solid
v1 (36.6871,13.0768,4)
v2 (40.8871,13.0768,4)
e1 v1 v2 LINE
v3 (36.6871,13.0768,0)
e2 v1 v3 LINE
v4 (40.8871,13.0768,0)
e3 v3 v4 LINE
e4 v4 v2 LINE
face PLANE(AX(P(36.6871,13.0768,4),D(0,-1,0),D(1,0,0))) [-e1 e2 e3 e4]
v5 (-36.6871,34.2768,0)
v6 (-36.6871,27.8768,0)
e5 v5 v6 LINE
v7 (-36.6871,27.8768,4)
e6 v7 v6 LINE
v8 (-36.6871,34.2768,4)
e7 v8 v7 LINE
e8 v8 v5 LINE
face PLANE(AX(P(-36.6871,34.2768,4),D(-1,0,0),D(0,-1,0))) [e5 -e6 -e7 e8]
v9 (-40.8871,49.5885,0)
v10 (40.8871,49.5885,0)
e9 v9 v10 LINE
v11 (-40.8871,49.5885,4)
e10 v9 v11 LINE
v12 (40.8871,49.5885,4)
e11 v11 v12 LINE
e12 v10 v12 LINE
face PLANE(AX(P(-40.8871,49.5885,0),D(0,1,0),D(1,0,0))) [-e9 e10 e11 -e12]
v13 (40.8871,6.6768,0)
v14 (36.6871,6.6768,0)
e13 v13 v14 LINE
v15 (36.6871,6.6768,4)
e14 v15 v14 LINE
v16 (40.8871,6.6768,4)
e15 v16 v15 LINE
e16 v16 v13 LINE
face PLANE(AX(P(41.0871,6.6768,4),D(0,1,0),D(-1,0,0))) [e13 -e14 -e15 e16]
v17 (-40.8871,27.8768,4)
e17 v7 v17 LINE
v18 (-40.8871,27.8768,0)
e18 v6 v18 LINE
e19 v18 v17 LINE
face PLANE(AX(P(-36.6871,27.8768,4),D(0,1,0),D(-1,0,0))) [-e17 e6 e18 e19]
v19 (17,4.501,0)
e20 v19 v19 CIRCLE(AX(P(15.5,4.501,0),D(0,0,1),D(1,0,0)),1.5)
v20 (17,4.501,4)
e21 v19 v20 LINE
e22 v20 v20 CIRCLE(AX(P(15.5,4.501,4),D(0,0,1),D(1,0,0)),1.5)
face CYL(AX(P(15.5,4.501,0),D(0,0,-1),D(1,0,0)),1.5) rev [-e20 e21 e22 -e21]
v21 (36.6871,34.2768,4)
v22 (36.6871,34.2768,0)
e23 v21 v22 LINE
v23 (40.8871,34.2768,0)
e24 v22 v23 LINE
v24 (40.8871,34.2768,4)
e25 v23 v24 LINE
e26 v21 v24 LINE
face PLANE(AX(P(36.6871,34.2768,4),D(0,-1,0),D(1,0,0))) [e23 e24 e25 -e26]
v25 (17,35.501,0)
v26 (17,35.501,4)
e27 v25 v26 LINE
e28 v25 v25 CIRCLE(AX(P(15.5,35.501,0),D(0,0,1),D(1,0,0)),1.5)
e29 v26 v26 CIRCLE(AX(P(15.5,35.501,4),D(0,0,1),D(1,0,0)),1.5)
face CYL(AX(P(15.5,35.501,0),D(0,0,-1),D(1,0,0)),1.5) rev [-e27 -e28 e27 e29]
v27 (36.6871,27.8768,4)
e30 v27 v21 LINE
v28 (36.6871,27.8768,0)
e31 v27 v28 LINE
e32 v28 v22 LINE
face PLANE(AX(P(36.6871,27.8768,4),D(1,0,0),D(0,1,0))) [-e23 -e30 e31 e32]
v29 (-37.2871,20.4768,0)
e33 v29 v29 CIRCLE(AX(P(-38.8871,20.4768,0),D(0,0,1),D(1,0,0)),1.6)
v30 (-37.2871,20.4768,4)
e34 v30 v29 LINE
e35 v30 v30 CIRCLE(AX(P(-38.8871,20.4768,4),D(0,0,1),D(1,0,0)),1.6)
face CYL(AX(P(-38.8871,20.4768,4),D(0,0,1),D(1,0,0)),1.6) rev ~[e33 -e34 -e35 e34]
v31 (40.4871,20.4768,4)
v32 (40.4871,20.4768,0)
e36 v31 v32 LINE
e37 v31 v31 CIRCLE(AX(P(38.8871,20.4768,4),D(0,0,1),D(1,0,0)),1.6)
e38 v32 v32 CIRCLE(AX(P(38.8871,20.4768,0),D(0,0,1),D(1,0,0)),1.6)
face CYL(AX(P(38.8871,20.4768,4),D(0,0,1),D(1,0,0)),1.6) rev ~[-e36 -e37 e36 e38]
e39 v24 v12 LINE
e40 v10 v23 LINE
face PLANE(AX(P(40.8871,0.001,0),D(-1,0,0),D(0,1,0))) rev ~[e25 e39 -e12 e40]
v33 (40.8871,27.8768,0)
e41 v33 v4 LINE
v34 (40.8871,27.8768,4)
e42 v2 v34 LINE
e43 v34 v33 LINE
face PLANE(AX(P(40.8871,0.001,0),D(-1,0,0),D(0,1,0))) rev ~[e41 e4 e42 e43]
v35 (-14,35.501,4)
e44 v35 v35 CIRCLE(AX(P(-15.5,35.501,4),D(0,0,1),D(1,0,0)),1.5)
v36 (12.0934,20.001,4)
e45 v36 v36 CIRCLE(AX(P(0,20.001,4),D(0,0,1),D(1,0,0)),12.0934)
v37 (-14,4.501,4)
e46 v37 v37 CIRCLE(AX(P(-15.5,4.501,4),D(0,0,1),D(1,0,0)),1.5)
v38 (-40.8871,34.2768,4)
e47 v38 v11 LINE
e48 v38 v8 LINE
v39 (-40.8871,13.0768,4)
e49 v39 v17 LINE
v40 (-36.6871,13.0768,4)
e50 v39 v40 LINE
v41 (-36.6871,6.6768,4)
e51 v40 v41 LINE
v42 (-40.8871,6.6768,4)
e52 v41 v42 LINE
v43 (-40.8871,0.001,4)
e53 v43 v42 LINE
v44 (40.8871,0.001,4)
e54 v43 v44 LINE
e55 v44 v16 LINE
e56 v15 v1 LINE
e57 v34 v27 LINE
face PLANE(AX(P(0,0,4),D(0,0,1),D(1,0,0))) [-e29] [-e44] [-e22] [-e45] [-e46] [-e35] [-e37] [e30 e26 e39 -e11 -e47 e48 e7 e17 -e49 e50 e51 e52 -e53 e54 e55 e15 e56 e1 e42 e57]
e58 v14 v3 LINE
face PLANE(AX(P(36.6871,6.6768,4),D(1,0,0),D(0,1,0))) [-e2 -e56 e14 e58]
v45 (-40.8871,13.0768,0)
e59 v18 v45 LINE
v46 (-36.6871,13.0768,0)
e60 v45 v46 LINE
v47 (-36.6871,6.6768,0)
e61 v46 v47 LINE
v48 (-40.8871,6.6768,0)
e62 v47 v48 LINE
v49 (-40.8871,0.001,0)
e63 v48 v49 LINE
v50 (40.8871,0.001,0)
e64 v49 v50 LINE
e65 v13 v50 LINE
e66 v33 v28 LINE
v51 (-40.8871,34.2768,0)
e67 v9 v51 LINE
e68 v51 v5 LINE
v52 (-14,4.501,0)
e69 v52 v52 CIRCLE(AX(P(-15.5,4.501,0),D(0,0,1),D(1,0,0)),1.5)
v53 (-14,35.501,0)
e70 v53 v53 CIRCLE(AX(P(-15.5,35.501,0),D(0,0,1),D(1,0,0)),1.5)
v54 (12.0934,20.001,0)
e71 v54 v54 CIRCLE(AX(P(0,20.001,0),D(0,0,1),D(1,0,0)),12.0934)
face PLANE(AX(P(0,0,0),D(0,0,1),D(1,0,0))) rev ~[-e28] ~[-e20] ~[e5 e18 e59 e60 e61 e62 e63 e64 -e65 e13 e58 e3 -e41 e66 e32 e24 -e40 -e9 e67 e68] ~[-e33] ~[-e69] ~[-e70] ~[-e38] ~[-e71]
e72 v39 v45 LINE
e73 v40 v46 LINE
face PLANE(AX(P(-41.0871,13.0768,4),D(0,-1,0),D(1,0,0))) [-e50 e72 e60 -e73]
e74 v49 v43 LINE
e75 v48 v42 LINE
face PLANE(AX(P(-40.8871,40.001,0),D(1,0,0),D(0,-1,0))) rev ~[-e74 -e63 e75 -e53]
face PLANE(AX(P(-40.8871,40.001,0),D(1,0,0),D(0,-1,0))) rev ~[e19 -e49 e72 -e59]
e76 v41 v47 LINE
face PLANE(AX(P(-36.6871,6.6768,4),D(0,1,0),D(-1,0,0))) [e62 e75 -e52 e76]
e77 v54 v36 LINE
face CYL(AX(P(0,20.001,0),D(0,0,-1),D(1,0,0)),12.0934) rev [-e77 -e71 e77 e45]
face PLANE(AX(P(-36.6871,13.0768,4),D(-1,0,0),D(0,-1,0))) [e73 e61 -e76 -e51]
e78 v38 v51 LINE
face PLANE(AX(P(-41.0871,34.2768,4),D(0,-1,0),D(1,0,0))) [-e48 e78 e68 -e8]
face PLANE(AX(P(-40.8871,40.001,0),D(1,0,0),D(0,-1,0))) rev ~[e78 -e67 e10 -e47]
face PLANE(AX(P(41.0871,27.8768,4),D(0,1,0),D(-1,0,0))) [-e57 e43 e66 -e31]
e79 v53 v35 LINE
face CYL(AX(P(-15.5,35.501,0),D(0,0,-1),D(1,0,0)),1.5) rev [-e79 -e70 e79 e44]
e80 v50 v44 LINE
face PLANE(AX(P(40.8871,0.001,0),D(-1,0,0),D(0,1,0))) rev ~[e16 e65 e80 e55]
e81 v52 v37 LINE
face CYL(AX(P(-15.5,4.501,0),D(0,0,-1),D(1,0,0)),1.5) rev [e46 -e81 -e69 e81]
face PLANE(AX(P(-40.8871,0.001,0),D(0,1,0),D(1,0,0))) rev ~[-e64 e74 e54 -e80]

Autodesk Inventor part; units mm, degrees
ref_plane "YZ Plane" through (0, 0, 0) normal (1, 0, 0) x (0, 1, 0)
ref_plane "XZ Plane" through (0, 0, 0) normal (0, 1, 0) x (-1, 0, 0)
ref_plane "XY Plane" through (0, 0, 0) normal (0, 0, 1) x (1, 0, 0)
sketch "Sketch1" plane through (0, 0, 0) normal (0, 0, 1) x (1, 0, 0)
  line L0 (20, 35.0868) -> (15.0858, 40.001) construction
  line L1 (15.0858, 40.001) -> (-15.0858, 40.001) construction
  line L2 (-15.0858, 40.001) -> (-20, 35.0868) construction
  line L3 (-20, 35.0868) -> (-20, 4.9152) construction
  line L4 (-20, 4.9152) -> (-15.0858, 0.001) construction
  line L5 (-15.0858, 0.001) -> (15.0858, 0.001) construction
  line L6 (15.0858, 0.001) -> (20, 4.9152) construction
  line L7 (20, 4.9152) -> (20, 35.0868) construction
  spline S0 degree 3 number of poles 98 construction
  spline S1 degree 3 number of poles 98 construction
  spline S2 degree 3 number of poles 98 construction
  spline S3 degree 3 number of poles 98 construction
  circle A0 centre (0, 20.001) radius 11 construction
  spline S4 degree 3 number of poles 98 construction
  spline S5 degree 3 number of poles 98 construction
  spline S6 degree 3 number of poles 98 construction
  spline S7 degree 3 number of poles 98 construction
  line L8 (-152.3368, 49.5885) -> (152.3133, 49.5884) construction
  line L9 (-40.8871, 0.001) -> (40.8871, 0.001)
  line L10 (40.8871, 0.001) -> (40.8871, 40.001)
  line L11 (40.8871, 40.001) -> (-40.8871, 40.001)
  line L12 (-40.8871, 40.001) -> (-40.8871, 0.001)
  line L13 (-40.8871, 0.001) -> (40.8871, 40.001) construction
  line L14 (40.8871, 0.001) -> (-40.8871, 40.001) construction
  line L15 (40.8871, 40.001) -> (-40.8871, 40.001)
  line L16 (-40.8871, 40.001) -> (-40.8871, 49.5885)
  line L17 (-40.8871, 49.5885) -> (40.8871, 49.5885)
  line L18 (40.8871, 49.5885) -> (40.8871, 40.001)
  circle A1 centre (15.5, 4.501) radius 1.5
  circle A2 centre (-15.5, 4.501) radius 1.5
  circle A3 centre (-15.5, 35.501) radius 1.5
  circle A4 centre (15.5, 35.501) radius 1.5
  circle A5 centre (0, 20.001) radius 12.0934
  point P0 (0, 0)
extrude "Extrusion1" add sketch "Sketch1" along normal blind 4
sketch "Sketch2" plane through (0, 0, 4) normal (0, 0, 1) x (1, 0, 0)
  line L0 (36.8871, 28.0768) -> (36.8871, 34.0768) construction
  line L1 (36.8871, 28.0768) -> (40.8871, 28.0768) construction
  line L2 (40.8871, 34.0768) -> (40.8871, 28.0768) construction
  line L3 (36.8871, 34.0768) -> (40.8871, 34.0768) construction
  line L4 (36.8871, 6.8768) -> (36.8871, 12.8768) construction
  line L5 (36.8871, 6.8768) -> (40.8871, 6.8768) construction
  line L6 (40.8871, 12.8768) -> (40.8871, 6.8768) construction
  line L7 (36.8871, 12.8768) -> (40.8871, 12.8768) construction
  line L8 (-40.8871, 28.0768) -> (-40.8871, 34.0768) construction
  line L9 (-40.8871, 28.0768) -> (-36.8871, 28.0768) construction
  line L10 (-36.8871, 34.0768) -> (-36.8871, 28.0768) construction
  line L11 (-40.8871, 34.0768) -> (-36.8871, 34.0768) construction
  line L12 (-40.8871, 6.8768) -> (-40.8871, 12.8768) construction
  line L13 (-40.8871, 6.8768) -> (-36.8871, 6.8768) construction
  line L14 (-36.8871, 12.8768) -> (-36.8871, 6.8768) construction
  line L15 (-40.8871, 12.8768) -> (-36.8871, 12.8768) construction
  line L16 (-40.8871, 18.9768) -> (-40.8871, 21.9768) construction
  line L17 (-40.8871, 18.9768) -> (-36.8871, 18.9768) construction
  line L18 (-36.8871, 21.9768) -> (-36.8871, 18.9768) construction
  line L19 (-40.8871, 21.9768) -> (-36.8871, 21.9768) construction
  line L20 (36.8871, 18.9768) -> (36.8871, 21.9768) construction
  line L21 (36.8871, 18.9768) -> (40.8871, 18.9768) construction
  line L22 (40.8871, 21.9768) -> (40.8871, 18.9768) construction
  line L23 (36.8871, 21.9768) -> (40.8871, 21.9768) construction
  circle A0 centre (-38.8871, 20.4768) radius 1.6
  circle A1 centre (38.8871, 20.4768) radius 1.6
  line L24 (-36.6871, 34.2768) -> (-36.6871, 27.8768)
  line L25 (-36.6871, 27.8768) -> (-41.0871, 27.8768)
  line L26 (-41.0871, 27.8768) -> (-41.0871, 34.2768)
  line L27 (-41.0871, 34.2768) -> (-36.6871, 34.2768)
  line L28 (-36.6871, 13.0768) -> (-36.6871, 6.6768)
  line L29 (-36.6871, 6.6768) -> (-41.0871, 6.6768)
  line L30 (-41.0871, 6.6768) -> (-41.0871, 13.0768)
  line L31 (-41.0871, 13.0768) -> (-36.6871, 13.0768)
  line L32 (41.0871, 34.2768) -> (41.0871, 27.8768)
  line L33 (41.0871, 27.8768) -> (36.6871, 27.8768)
  line L34 (36.6871, 27.8768) -> (36.6871, 34.2768)
  line L35 (36.6871, 34.2768) -> (41.0871, 34.2768)
  line L36 (41.0871, 13.0768) -> (41.0871, 6.6768)
  line L37 (41.0871, 6.6768) -> (36.6871, 6.6768)
  line L38 (36.6871, 6.6768) -> (36.6871, 13.0768)
  line L39 (36.6871, 13.0768) -> (41.0871, 13.0768)
  point P0 (0, 0)
  dimension "d2" = 3.2
  dimension "d3" = 3.2
  dimension "d4" = 0.2
  dimension "d5" = 0.2
  dimension "d6" = 0.2
  dimension "d7" = 0.2
extrude "Extrusion2" cut sketch "Sketch2" against normal through all
sketch "Sketch3" plane through (0, 0, 4) normal (0, 0, 1) x (1, 0, 0)
  point P0 (0, 0)
properties part number "Motor_brace_2"
